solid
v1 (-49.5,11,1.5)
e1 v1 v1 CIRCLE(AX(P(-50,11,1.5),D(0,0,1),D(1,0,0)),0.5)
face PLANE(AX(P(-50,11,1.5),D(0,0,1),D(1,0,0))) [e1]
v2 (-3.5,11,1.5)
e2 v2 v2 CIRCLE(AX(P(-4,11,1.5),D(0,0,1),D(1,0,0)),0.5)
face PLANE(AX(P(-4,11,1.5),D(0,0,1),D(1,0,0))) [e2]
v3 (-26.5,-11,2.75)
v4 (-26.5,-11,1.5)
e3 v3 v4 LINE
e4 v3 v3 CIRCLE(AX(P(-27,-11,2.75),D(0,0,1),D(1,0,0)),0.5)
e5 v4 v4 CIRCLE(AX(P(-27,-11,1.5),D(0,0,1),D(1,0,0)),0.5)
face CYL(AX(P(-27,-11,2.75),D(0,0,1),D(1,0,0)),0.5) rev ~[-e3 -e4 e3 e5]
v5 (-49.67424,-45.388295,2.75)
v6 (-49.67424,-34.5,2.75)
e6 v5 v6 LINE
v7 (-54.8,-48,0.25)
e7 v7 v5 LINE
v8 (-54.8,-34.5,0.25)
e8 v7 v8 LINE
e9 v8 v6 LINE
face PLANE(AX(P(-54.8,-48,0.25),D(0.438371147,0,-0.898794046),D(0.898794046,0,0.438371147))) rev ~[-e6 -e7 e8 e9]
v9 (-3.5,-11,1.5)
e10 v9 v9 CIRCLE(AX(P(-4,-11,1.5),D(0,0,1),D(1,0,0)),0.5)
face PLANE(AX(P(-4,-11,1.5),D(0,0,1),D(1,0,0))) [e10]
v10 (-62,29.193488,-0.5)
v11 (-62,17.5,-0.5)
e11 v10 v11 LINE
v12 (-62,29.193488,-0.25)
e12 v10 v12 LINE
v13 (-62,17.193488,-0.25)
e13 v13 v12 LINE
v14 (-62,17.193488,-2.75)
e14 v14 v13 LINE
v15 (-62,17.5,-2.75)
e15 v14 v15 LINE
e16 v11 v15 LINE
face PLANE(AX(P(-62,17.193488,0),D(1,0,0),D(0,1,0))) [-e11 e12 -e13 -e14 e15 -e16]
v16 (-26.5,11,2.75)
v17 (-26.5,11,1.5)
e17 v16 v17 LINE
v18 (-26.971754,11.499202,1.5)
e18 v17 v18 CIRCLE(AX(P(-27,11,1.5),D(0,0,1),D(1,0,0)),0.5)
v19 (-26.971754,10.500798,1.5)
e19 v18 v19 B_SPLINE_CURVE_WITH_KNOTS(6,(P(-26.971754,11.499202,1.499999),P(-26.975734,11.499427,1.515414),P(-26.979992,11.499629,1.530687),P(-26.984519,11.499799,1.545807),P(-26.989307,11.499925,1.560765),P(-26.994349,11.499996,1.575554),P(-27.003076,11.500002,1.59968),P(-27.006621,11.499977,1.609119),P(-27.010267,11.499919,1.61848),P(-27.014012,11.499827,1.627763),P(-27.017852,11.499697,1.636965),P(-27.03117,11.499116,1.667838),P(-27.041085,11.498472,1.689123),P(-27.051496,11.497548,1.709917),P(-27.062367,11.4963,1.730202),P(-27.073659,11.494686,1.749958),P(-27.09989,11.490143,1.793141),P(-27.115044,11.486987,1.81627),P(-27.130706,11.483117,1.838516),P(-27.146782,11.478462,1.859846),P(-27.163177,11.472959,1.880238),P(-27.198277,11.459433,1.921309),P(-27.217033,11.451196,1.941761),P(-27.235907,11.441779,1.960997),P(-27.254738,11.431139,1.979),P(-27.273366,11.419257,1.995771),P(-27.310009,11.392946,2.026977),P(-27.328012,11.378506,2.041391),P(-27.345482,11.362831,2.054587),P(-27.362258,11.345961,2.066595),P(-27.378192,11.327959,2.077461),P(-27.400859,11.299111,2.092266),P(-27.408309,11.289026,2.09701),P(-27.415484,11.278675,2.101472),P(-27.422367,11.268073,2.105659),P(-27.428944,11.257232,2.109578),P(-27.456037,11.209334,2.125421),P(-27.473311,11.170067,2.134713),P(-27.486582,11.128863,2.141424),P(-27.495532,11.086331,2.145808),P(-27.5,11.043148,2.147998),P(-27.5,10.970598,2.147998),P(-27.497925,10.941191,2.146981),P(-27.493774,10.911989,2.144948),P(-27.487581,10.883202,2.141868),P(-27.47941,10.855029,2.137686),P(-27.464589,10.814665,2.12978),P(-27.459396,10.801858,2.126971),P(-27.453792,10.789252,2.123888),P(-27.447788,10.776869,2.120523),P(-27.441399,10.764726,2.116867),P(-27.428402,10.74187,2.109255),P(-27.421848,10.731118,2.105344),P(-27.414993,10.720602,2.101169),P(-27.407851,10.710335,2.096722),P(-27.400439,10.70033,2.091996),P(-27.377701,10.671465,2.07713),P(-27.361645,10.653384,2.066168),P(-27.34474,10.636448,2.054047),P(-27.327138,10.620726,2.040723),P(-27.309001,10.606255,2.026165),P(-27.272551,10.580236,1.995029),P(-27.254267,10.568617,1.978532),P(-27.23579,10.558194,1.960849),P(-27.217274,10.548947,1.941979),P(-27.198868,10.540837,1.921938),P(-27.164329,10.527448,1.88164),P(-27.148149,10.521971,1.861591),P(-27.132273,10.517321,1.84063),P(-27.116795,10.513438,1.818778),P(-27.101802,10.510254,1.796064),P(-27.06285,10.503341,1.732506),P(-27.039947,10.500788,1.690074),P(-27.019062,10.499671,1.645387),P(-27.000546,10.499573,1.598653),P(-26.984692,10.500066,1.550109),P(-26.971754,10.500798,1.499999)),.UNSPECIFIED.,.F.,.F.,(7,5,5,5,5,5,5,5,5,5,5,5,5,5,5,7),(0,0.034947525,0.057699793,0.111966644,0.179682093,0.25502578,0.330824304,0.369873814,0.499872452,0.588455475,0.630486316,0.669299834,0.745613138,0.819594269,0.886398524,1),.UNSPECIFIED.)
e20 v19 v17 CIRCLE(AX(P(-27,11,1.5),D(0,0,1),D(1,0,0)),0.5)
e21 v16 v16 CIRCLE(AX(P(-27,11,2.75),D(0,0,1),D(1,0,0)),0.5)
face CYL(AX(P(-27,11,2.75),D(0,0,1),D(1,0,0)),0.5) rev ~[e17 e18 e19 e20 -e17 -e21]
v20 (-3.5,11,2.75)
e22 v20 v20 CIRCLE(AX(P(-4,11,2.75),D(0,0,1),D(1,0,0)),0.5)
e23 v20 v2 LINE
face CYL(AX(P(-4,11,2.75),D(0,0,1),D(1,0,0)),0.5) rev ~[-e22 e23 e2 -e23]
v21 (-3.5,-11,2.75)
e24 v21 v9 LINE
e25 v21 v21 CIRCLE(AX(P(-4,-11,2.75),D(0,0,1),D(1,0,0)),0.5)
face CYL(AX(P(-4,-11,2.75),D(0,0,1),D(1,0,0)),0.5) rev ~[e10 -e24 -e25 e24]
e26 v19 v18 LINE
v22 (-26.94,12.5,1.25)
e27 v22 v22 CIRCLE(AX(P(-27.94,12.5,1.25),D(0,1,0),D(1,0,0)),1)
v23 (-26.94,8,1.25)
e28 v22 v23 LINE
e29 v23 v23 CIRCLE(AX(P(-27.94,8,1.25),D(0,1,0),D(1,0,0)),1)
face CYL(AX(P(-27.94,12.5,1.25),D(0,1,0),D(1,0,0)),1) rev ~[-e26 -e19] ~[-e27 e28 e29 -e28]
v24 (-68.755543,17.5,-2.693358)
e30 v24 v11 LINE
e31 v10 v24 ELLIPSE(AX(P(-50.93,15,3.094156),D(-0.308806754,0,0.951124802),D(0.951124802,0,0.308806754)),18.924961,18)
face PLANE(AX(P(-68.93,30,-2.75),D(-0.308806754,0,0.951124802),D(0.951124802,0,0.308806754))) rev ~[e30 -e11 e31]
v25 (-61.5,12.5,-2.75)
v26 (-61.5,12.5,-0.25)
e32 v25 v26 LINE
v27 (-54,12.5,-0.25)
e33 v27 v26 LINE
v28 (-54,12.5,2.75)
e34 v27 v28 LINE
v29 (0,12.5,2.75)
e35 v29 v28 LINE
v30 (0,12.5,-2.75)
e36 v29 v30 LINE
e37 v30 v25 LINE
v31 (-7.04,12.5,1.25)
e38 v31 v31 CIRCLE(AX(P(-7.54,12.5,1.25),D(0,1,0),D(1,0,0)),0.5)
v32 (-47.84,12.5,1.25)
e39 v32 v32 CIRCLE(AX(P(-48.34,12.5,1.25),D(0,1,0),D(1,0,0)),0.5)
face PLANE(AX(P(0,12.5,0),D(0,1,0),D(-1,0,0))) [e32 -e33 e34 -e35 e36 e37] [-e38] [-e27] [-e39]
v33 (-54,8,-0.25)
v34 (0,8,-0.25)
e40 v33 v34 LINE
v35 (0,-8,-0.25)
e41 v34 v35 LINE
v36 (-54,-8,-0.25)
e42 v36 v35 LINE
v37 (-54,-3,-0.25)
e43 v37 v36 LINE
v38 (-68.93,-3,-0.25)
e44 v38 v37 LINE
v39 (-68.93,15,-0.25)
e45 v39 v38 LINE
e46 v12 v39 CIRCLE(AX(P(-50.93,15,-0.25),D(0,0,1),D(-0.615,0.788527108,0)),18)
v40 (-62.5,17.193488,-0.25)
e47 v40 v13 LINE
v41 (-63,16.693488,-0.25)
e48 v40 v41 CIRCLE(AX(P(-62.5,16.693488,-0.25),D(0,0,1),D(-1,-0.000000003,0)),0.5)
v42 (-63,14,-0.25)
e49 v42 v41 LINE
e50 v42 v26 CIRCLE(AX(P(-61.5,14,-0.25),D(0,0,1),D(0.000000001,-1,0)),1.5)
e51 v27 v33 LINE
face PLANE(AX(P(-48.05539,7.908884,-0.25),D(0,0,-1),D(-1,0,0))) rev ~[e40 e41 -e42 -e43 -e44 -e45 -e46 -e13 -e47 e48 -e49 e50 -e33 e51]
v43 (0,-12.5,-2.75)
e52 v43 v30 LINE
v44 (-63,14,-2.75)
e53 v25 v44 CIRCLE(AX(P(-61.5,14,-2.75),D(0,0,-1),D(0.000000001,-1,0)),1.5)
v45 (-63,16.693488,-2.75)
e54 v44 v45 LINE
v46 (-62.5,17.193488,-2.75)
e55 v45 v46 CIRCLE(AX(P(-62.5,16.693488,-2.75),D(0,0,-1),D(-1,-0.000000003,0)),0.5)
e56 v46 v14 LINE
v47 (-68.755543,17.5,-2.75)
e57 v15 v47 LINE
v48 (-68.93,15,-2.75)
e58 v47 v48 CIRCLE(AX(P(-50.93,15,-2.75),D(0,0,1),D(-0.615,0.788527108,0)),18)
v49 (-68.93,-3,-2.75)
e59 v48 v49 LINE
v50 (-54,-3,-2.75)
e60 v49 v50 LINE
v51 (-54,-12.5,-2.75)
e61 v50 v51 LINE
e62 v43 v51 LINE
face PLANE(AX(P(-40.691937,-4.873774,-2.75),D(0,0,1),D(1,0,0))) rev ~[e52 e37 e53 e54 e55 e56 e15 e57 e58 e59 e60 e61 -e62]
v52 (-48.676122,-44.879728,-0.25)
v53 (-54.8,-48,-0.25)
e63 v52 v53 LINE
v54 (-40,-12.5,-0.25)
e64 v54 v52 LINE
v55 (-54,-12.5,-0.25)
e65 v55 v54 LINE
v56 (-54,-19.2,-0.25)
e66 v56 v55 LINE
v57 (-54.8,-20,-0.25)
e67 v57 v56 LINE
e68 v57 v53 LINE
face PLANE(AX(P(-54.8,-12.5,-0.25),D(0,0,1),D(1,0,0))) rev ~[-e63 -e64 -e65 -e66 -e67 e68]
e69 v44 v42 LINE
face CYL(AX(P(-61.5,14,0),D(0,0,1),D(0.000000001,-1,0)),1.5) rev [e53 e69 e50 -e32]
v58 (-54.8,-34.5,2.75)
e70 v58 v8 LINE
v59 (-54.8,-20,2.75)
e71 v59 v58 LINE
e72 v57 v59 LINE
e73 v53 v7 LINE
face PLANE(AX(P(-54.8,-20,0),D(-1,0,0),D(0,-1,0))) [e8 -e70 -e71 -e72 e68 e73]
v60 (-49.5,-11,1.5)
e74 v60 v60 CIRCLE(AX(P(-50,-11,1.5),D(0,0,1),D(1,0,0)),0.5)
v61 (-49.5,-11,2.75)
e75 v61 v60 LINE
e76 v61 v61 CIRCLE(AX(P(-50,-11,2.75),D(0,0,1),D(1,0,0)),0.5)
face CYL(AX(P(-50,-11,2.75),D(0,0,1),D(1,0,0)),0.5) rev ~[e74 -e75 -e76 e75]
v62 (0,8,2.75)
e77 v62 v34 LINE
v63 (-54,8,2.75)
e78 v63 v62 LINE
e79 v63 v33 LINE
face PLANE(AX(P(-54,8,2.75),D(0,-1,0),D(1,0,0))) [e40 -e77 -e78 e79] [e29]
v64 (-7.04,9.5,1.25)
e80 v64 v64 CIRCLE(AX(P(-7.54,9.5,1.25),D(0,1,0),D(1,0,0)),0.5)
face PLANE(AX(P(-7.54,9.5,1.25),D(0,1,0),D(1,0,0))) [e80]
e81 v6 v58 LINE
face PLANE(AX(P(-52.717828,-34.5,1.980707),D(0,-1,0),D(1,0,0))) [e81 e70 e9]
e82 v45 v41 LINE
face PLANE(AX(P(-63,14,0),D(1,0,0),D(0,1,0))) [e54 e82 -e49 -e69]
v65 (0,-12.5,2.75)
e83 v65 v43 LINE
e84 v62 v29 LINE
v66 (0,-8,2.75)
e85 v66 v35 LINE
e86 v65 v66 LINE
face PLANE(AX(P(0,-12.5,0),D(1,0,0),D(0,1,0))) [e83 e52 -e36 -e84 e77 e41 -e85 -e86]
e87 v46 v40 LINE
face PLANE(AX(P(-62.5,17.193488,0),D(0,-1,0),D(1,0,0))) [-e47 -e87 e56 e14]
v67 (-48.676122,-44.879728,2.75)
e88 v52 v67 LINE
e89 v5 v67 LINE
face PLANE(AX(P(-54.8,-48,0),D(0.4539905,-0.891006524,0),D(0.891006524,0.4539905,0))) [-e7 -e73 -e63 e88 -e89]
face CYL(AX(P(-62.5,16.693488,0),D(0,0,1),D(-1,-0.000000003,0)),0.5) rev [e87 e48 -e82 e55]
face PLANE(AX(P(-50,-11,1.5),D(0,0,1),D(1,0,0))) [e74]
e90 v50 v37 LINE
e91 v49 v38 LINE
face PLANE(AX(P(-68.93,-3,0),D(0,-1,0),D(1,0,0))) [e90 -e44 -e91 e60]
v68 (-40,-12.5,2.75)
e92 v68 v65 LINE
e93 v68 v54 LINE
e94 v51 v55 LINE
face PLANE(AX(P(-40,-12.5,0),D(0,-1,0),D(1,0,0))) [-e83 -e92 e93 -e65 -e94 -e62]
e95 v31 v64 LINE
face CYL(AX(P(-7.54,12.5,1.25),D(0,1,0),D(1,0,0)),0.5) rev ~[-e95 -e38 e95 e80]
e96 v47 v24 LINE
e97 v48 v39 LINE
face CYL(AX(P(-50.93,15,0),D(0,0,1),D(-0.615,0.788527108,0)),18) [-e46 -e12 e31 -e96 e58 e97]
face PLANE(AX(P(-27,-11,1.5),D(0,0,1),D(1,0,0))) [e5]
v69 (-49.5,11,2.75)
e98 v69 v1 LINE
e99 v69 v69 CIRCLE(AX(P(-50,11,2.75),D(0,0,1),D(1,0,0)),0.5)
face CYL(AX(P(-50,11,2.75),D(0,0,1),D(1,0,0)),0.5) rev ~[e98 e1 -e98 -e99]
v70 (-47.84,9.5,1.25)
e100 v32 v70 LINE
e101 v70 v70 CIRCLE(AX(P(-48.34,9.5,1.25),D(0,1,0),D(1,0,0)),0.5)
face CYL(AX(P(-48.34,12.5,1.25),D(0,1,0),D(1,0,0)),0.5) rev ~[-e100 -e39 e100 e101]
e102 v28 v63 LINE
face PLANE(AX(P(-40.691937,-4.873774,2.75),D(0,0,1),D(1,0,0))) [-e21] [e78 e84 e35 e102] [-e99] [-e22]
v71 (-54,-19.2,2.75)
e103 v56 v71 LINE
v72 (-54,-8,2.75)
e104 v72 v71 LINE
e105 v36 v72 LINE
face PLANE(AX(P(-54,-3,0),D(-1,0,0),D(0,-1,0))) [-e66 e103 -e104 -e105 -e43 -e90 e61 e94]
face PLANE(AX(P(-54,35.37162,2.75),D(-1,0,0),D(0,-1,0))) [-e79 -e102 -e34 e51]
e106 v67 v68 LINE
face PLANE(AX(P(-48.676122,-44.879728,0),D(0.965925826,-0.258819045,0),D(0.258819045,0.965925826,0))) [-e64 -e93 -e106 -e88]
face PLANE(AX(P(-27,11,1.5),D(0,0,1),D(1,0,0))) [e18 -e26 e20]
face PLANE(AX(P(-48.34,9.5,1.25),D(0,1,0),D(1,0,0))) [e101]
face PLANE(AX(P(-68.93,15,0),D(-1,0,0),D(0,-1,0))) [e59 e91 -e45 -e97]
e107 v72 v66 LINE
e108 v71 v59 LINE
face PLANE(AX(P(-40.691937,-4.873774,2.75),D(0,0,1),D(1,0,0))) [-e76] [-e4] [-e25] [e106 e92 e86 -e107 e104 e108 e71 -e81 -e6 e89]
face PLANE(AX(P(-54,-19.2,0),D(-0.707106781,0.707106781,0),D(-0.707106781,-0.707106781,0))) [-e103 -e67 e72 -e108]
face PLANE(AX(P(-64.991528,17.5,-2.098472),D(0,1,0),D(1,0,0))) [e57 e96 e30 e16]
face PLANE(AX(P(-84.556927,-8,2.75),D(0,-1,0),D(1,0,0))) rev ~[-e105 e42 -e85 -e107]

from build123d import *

# Parameters (mm, degrees)
BOSS_EXTRUDE1_DEPTH = 2.75
CUT_EXTRUDE1_DEPTH  = 3
SKETCH3_R           = 0.5
CUT_EXTRUDE2_DEPTH  = 1.25
CUT_EXTRUDE3_START  = 17.5
CUT_EXTRUDE3_DEPTH  = 12.5
SKETCH5_W           = 14.8
SKETCH5_H           = 2.5
CUT_EXTRUDE4_DEPTH  = 36.5
CUT_EXTRUDE5_START  = 35.5
CUT_EXTRUDE5_DEPTH  = 13.5
SKETCH7_R           = 0.5
CUT_EXTRUDE6_DEPTH  = 3
CUT_EXTRUDE7_REACH  = 62.5
SKETCH8_R           = 1


with BuildPart() as part:
    # Sketch1 → Boss-Extrude1 (new body, symmetric)
    with BuildSketch(Plane.XY):
        with BuildLine():
            Line((0, 0), (0, 12.5))
            Line((0, 12.5), (-61.5, 12.5))
            ThreePointArc((-61.5, 12.5), (-62.560660172, 12.939339828), (-63, 14))
            Line((-63, 14), (-63, 16.693487943))
            ThreePointArc((-63, 16.693487943), (-62.853553391, 17.047041334), (-62.5, 17.193487943))
            Line((-62.5, 17.193487943), (-62, 17.193487943))
            Line((-62, 17.193487943), (-62, 29.193487943))
            ThreePointArc((-62, 29.193487943), (-67.10498068, 22.897467949), (-68.93, 15))
            Line((-68.93, 15), (-68.93, -3))
            Line((-68.93, -3), (-54, -3))
            Line((-54, -3), (-54, -19.2))
            Line((-54, -19.2), (-54.8, -20))
            Line((-54.8, -20), (-54.8, -48))
            Line((-54.8, -48), (-48.67612206, -44.87972834))
            Line((-48.67612206, -44.87972834), (-40, -12.5))
            Line((-40, -12.5), (0, -12.5))
            Line((0, -12.5), (0, 0))
        make_face()
    extrude(amount=BOSS_EXTRUDE1_DEPTH, both=True)

    # Sketch2 → Cut-Extrude1 (cut)
    with BuildSketch(Plane.XY.offset(2.75)):
        Polygon((0, -8), (-54, -8), (-84.556927157, -8), (-84.556927157, 35.37162012), (-54, 35.37162012), (-54, 8), (0, 8), align=None)
    extrude(amount=-CUT_EXTRUDE1_DEPTH, mode=Mode.SUBTRACT)

    # Sketch3 → Cut-Extrude2 (cut)
    with BuildSketch(Plane.XY.offset(2.75)):
        with Locations((-4, 11)):
            Circle(SKETCH3_R)
        with Locations((-27, 11)):
            Circle(SKETCH3_R)
        with Locations((-50, 11)):
            Circle(SKETCH3_R)
        with Locations((-50, -11)):
            Circle(SKETCH3_R)
        with Locations((-27, -11)):
            Circle(SKETCH3_R)
        with Locations((-4, -11)):
            Circle(SKETCH3_R)
    extrude(amount=-CUT_EXTRUDE2_DEPTH, mode=Mode.SUBTRACT)

    # Sketch4 → Cut-Extrude3 (cut)
    with BuildSketch(Plane(origin=(0, 12.5, 0), x_dir=(1, 0, 0), z_dir=(0, 1, 0)).offset(CUT_EXTRUDE3_START)):
        Polygon((-68.93, 2.75), (-62, 0.5), (-62, 2.75), align=None)
    extrude(amount=-CUT_EXTRUDE3_DEPTH, mode=Mode.SUBTRACT)

    # Sketch5 → Cut-Extrude4 (cut, through all)
    with BuildSketch(Plane.XZ.offset(12.5)):
        with Locations((-47.4, -1.5)):
            Rectangle(SKETCH5_W, SKETCH5_H)
    extrude(amount=CUT_EXTRUDE4_DEPTH, mode=Mode.SUBTRACT)

    # Sketch6 → Cut-Extrude5 (cut)
    with BuildSketch(Plane.XZ.offset(12.5).offset(CUT_EXTRUDE5_START)):
        Polygon((-54.8, 2.75), (-54.8, 0.25), (-49.674240396, 2.75), align=None)
    extrude(amount=-CUT_EXTRUDE5_DEPTH, mode=Mode.SUBTRACT)

    # Sketch7 → Cut-Extrude6 (cut)
    with BuildSketch(Plane(origin=(0, 12.5, 0), x_dir=(1, 0, 0), z_dir=(0, 1, 0))):
        with Locations((-7.54, -1.25)):
            Circle(SKETCH7_R)
        with Locations((-48.34, -1.25)):
            Circle(SKETCH7_R)
    extrude(amount=-CUT_EXTRUDE6_DEPTH, mode=Mode.SUBTRACT)

    # Sketch8 → Cut-Extrude7 (cut, up to next)
    with BuildSketch(Plane(origin=(0, 12.5, 0), x_dir=(1, 0, 0), z_dir=(0, 1, 0)), mode=Mode.PRIVATE) as cut_extrude7_sk1:
        with Locations((-27.94, -1.25)):
            Circle(SKETCH8_R)
    cut_extrude7_tool1 = extrude(cut_extrude7_sk1.sketch, amount=-CUT_EXTRUDE7_REACH, mode=Mode.PRIVATE) & part.part
    add(cut_extrude7_tool1.solids().sort_by_distance((-27.94, 12.5, 1.25))[0], mode=Mode.SUBTRACT)


solid = part.part
